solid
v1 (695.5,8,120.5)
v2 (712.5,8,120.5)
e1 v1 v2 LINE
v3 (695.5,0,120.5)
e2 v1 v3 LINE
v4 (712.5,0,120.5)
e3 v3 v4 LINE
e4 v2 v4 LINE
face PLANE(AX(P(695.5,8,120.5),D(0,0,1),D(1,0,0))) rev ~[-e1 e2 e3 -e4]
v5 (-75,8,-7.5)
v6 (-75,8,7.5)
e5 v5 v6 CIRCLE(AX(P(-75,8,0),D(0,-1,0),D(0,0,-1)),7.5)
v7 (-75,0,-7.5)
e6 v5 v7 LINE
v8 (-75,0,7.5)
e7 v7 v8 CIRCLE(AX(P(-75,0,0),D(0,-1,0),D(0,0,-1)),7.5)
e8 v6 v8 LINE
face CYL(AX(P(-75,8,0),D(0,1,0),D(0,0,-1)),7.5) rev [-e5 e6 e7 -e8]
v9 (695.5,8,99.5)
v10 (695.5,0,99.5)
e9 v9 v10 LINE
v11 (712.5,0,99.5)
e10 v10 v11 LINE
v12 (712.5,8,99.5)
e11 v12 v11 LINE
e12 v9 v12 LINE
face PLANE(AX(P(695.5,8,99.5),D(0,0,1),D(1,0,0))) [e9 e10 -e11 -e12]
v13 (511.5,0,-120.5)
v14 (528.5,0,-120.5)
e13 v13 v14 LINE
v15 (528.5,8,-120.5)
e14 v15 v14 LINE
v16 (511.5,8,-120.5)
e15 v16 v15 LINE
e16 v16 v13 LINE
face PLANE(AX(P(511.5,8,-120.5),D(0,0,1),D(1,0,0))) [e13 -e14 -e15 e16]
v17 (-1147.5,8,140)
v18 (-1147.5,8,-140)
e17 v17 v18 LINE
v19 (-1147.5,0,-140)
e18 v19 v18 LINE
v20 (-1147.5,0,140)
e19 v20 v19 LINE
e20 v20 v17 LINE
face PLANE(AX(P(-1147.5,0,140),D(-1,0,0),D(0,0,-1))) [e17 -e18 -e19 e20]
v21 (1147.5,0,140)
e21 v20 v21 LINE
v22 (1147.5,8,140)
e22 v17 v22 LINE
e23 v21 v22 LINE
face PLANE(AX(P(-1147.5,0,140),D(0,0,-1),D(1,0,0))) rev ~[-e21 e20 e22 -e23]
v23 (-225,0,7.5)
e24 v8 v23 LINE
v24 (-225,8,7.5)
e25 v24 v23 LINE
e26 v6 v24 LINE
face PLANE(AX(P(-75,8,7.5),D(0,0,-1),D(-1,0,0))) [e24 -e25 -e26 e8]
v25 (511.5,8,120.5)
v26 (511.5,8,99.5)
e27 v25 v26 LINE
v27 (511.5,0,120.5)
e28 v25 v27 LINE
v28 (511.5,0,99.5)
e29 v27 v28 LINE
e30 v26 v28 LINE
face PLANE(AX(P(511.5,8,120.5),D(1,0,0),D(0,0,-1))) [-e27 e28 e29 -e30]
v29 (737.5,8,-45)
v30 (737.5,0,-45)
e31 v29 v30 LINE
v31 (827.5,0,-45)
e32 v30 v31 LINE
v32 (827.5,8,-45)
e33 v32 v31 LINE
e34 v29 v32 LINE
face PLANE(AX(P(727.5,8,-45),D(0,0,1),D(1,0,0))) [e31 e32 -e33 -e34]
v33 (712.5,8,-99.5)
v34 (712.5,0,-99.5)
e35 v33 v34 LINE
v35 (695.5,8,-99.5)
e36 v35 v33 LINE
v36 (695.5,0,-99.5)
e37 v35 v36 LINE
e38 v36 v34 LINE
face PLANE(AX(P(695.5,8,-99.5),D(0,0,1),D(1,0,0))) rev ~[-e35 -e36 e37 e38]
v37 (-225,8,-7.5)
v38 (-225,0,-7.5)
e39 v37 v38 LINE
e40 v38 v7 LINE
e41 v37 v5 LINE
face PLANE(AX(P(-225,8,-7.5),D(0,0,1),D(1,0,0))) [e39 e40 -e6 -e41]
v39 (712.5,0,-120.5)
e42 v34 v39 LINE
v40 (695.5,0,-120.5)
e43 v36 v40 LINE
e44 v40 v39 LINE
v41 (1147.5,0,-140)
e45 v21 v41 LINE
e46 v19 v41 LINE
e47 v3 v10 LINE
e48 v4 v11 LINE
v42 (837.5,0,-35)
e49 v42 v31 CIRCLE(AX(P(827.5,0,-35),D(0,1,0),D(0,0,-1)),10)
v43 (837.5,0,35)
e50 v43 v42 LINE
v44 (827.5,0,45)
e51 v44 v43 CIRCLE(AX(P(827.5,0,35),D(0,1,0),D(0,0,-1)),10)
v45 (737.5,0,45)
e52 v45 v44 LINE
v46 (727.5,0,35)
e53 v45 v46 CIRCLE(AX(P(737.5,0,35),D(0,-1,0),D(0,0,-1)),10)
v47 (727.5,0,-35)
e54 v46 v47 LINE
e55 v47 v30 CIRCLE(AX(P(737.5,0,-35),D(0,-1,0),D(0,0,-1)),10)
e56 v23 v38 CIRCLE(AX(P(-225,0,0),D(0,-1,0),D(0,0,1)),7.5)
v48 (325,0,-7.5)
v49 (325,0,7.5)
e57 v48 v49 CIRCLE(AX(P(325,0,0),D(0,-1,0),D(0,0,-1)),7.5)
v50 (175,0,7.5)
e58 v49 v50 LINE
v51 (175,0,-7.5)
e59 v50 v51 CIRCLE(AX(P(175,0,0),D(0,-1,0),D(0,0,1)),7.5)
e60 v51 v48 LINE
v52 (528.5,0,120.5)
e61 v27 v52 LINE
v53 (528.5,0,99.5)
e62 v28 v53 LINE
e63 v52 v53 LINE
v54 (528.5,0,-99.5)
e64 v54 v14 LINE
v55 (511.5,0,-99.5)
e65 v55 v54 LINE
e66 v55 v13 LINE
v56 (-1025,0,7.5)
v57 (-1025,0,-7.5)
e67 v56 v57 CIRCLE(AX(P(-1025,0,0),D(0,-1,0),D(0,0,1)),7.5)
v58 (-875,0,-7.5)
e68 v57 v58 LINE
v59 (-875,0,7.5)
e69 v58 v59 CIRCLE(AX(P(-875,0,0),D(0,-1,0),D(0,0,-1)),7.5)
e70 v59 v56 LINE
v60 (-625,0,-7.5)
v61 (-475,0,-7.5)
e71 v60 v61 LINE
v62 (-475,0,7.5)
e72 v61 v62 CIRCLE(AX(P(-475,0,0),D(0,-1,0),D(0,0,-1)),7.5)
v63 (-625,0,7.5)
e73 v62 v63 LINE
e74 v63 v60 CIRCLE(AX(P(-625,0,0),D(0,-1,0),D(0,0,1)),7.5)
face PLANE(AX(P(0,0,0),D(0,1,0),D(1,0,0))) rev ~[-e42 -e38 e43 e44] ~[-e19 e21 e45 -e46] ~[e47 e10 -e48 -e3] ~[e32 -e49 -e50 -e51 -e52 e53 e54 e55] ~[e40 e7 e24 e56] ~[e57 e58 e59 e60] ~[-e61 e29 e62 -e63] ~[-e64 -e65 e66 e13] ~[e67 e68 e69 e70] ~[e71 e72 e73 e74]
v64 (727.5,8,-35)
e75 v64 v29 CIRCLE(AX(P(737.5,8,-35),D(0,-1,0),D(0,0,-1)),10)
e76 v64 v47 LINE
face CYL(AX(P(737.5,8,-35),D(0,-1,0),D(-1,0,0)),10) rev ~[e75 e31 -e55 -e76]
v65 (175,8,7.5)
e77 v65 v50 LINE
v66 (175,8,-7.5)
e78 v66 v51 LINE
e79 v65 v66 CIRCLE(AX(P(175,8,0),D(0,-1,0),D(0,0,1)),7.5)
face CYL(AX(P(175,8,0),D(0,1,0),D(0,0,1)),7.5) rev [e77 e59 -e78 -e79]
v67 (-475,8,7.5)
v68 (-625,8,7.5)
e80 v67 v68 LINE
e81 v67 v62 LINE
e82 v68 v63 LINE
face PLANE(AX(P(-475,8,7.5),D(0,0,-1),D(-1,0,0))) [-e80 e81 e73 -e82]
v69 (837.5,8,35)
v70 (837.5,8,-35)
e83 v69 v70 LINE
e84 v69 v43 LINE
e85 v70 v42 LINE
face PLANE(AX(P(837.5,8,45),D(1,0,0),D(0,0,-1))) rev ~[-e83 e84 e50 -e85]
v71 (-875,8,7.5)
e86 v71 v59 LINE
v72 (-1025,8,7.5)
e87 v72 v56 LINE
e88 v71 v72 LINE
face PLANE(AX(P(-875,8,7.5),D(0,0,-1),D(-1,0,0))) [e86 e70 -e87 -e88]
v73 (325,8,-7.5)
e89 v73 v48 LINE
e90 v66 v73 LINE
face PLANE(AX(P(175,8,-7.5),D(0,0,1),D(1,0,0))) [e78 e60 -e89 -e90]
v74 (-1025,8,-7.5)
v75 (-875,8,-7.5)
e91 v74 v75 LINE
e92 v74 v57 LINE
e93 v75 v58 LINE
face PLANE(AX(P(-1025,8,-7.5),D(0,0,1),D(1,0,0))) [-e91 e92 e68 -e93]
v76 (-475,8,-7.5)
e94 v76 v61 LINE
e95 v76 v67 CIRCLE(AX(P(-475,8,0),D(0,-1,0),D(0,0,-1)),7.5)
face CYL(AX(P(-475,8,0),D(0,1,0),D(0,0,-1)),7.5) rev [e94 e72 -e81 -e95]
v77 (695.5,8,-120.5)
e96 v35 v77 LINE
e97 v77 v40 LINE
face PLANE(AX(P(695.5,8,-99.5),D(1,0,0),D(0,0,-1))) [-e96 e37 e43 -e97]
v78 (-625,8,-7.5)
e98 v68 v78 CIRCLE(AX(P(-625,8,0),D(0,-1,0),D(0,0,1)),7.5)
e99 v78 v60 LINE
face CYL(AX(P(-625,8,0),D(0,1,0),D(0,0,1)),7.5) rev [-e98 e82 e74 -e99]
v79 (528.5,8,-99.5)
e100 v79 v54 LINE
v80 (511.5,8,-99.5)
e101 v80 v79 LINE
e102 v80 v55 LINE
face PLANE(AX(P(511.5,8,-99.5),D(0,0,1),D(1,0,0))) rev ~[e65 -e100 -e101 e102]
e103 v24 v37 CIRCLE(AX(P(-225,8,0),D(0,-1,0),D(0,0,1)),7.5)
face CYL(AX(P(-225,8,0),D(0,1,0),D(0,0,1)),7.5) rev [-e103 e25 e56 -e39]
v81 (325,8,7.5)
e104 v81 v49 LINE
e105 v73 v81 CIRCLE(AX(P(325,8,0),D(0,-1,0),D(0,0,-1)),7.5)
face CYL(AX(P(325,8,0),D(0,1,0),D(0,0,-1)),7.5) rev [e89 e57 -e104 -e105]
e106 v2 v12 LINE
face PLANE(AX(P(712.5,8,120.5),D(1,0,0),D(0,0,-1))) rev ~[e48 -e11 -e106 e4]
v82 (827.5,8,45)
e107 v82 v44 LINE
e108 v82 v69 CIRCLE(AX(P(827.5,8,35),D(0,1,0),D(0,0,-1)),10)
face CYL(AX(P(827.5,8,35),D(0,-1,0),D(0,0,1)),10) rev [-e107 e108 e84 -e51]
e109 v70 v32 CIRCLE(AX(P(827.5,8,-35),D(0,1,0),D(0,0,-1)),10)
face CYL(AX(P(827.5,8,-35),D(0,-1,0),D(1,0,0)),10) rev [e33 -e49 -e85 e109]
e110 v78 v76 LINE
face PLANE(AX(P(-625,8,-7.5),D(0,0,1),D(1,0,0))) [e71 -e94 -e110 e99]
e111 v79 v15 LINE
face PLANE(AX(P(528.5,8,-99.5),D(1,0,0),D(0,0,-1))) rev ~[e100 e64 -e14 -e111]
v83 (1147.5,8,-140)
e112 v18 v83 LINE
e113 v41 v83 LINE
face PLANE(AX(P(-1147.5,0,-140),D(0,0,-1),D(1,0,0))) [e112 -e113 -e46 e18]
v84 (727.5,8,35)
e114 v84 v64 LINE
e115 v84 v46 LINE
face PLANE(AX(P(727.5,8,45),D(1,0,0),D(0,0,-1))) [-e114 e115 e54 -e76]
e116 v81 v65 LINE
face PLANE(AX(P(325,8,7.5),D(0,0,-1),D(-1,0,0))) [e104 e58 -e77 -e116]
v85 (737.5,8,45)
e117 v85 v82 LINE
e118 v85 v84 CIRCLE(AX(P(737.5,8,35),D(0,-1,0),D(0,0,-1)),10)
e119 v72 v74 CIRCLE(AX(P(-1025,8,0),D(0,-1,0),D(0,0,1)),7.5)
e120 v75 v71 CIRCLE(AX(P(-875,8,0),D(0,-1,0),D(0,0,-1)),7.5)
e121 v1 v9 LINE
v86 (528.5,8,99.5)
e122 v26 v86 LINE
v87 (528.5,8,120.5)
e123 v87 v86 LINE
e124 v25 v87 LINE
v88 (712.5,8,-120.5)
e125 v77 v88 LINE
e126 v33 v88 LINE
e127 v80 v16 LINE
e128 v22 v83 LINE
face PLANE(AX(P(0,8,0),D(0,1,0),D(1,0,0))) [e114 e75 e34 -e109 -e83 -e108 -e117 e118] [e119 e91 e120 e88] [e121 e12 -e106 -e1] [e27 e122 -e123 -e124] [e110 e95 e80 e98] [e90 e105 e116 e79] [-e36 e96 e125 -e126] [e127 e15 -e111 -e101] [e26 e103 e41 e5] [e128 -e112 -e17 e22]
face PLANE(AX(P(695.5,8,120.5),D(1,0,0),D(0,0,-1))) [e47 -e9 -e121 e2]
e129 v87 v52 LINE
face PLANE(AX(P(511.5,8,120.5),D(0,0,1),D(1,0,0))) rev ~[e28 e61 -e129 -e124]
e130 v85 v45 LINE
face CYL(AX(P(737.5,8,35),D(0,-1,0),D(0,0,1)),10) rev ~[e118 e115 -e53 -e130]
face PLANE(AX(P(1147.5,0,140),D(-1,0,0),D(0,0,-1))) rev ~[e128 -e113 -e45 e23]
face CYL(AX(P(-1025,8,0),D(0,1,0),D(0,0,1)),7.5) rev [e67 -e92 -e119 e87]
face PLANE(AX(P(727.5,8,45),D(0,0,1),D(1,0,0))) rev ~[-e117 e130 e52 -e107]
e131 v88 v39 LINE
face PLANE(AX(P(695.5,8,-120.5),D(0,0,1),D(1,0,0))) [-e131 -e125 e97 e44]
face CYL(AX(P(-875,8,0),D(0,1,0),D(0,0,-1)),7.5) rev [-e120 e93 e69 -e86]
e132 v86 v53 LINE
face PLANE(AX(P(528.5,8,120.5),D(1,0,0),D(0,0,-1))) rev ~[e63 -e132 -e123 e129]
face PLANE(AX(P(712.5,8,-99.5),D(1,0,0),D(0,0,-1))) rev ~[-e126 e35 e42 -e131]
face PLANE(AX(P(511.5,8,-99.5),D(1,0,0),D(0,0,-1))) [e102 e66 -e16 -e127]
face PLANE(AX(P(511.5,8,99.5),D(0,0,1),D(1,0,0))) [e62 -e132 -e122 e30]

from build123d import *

# Parameters (mm, degrees)
SKETCH_1_W             = 2295
SKETCH_1_H             = 280
EXTRUDE_1_DEPTH        = 8
CUT_EXTRUDE_1_DEPTH    = 8
PATTERN_LINEAR_1_COUNT = 4
PATTERN_LINEAR_1_PITCH = 400
SKETCH_3_W             = 110
SKETCH_3_H             = 90
CUT_EXTRUDE_2_DEPTH    = 8
SKETCH_4_W             = 17
SKETCH_4_H             = 21
CUT_EXTRUDE_3_DEPTH    = 8
FILLET_1_R             = 10


with BuildPart() as part:
    # 草图1 → 凸台-拉伸1 (new body)
    with BuildSketch(Plane(origin=(0, 0, 0), x_dir=(1, 0, 0), z_dir=(0, 1, 0))):
        Rectangle(SKETCH_1_W, SKETCH_1_H)
    extrude(amount=EXTRUDE_1_DEPTH)

    # 草图2 → 切除-拉伸1 (cut)
    with BuildSketch(Plane(origin=(0, 8, 0), x_dir=(1, 0, 0), z_dir=(0, 1, 0))):
        with BuildLine():
            Line((-1025, 7.5), (-875, 7.5))
            ThreePointArc((-875, 7.5), (-867.5, 0), (-875, -7.5))
            Line((-875, -7.5), (-1025, -7.5))
            ThreePointArc((-1025, -7.5), (-1032.5, 0), (-1025, 7.5))
        make_face()
    cut_extrude_1 = extrude(amount=-CUT_EXTRUDE_1_DEPTH, mode=Mode.SUBTRACT)

    # 阵列(线性)1: 切除-拉伸1 ×4
    with Locations(*[(i * PATTERN_LINEAR_1_PITCH, 0, 0) for i in range(1, PATTERN_LINEAR_1_COUNT)]):
        add(cut_extrude_1, mode=Mode.SUBTRACT)

    # 草图3 → 切除-拉伸2 (cut)
    with BuildSketch(Plane(origin=(0, 8, 0), x_dir=(1, 0, 0), z_dir=(0, 1, 0))):
        with Locations((782.5, 0)):
            Rectangle(SKETCH_3_W, SKETCH_3_H)
    extrude(amount=-CUT_EXTRUDE_2_DEPTH, mode=Mode.SUBTRACT)

    # 草图4 → 切除-拉伸3 (cut)
    with BuildSketch(Plane(origin=(0, 8, 0), x_dir=(1, 0, 0), z_dir=(0, 1, 0))):
        with Locations((704, -110)):
            Rectangle(SKETCH_4_W, SKETCH_4_H)
        with Locations((520, -110)):
            Rectangle(SKETCH_4_W, SKETCH_4_H)
        with Locations((520, 110)):
            Rectangle(SKETCH_4_W, SKETCH_4_H)
        with Locations((704, 110)):
            Rectangle(SKETCH_4_W, SKETCH_4_H)
    extrude(amount=-CUT_EXTRUDE_3_DEPTH, mode=Mode.SUBTRACT)

    # 圆角1
    fillet_1_edges = [part.edges().sort_by_distance(p)[0] for p in [
        (837.5, 4, -45),
        (837.5, 4, 45),
        (727.5, 4, 45),
        (727.5, 4, -45),
    ]]
    fillet(fillet_1_edges, radius=FILLET_1_R)


solid = part.part
